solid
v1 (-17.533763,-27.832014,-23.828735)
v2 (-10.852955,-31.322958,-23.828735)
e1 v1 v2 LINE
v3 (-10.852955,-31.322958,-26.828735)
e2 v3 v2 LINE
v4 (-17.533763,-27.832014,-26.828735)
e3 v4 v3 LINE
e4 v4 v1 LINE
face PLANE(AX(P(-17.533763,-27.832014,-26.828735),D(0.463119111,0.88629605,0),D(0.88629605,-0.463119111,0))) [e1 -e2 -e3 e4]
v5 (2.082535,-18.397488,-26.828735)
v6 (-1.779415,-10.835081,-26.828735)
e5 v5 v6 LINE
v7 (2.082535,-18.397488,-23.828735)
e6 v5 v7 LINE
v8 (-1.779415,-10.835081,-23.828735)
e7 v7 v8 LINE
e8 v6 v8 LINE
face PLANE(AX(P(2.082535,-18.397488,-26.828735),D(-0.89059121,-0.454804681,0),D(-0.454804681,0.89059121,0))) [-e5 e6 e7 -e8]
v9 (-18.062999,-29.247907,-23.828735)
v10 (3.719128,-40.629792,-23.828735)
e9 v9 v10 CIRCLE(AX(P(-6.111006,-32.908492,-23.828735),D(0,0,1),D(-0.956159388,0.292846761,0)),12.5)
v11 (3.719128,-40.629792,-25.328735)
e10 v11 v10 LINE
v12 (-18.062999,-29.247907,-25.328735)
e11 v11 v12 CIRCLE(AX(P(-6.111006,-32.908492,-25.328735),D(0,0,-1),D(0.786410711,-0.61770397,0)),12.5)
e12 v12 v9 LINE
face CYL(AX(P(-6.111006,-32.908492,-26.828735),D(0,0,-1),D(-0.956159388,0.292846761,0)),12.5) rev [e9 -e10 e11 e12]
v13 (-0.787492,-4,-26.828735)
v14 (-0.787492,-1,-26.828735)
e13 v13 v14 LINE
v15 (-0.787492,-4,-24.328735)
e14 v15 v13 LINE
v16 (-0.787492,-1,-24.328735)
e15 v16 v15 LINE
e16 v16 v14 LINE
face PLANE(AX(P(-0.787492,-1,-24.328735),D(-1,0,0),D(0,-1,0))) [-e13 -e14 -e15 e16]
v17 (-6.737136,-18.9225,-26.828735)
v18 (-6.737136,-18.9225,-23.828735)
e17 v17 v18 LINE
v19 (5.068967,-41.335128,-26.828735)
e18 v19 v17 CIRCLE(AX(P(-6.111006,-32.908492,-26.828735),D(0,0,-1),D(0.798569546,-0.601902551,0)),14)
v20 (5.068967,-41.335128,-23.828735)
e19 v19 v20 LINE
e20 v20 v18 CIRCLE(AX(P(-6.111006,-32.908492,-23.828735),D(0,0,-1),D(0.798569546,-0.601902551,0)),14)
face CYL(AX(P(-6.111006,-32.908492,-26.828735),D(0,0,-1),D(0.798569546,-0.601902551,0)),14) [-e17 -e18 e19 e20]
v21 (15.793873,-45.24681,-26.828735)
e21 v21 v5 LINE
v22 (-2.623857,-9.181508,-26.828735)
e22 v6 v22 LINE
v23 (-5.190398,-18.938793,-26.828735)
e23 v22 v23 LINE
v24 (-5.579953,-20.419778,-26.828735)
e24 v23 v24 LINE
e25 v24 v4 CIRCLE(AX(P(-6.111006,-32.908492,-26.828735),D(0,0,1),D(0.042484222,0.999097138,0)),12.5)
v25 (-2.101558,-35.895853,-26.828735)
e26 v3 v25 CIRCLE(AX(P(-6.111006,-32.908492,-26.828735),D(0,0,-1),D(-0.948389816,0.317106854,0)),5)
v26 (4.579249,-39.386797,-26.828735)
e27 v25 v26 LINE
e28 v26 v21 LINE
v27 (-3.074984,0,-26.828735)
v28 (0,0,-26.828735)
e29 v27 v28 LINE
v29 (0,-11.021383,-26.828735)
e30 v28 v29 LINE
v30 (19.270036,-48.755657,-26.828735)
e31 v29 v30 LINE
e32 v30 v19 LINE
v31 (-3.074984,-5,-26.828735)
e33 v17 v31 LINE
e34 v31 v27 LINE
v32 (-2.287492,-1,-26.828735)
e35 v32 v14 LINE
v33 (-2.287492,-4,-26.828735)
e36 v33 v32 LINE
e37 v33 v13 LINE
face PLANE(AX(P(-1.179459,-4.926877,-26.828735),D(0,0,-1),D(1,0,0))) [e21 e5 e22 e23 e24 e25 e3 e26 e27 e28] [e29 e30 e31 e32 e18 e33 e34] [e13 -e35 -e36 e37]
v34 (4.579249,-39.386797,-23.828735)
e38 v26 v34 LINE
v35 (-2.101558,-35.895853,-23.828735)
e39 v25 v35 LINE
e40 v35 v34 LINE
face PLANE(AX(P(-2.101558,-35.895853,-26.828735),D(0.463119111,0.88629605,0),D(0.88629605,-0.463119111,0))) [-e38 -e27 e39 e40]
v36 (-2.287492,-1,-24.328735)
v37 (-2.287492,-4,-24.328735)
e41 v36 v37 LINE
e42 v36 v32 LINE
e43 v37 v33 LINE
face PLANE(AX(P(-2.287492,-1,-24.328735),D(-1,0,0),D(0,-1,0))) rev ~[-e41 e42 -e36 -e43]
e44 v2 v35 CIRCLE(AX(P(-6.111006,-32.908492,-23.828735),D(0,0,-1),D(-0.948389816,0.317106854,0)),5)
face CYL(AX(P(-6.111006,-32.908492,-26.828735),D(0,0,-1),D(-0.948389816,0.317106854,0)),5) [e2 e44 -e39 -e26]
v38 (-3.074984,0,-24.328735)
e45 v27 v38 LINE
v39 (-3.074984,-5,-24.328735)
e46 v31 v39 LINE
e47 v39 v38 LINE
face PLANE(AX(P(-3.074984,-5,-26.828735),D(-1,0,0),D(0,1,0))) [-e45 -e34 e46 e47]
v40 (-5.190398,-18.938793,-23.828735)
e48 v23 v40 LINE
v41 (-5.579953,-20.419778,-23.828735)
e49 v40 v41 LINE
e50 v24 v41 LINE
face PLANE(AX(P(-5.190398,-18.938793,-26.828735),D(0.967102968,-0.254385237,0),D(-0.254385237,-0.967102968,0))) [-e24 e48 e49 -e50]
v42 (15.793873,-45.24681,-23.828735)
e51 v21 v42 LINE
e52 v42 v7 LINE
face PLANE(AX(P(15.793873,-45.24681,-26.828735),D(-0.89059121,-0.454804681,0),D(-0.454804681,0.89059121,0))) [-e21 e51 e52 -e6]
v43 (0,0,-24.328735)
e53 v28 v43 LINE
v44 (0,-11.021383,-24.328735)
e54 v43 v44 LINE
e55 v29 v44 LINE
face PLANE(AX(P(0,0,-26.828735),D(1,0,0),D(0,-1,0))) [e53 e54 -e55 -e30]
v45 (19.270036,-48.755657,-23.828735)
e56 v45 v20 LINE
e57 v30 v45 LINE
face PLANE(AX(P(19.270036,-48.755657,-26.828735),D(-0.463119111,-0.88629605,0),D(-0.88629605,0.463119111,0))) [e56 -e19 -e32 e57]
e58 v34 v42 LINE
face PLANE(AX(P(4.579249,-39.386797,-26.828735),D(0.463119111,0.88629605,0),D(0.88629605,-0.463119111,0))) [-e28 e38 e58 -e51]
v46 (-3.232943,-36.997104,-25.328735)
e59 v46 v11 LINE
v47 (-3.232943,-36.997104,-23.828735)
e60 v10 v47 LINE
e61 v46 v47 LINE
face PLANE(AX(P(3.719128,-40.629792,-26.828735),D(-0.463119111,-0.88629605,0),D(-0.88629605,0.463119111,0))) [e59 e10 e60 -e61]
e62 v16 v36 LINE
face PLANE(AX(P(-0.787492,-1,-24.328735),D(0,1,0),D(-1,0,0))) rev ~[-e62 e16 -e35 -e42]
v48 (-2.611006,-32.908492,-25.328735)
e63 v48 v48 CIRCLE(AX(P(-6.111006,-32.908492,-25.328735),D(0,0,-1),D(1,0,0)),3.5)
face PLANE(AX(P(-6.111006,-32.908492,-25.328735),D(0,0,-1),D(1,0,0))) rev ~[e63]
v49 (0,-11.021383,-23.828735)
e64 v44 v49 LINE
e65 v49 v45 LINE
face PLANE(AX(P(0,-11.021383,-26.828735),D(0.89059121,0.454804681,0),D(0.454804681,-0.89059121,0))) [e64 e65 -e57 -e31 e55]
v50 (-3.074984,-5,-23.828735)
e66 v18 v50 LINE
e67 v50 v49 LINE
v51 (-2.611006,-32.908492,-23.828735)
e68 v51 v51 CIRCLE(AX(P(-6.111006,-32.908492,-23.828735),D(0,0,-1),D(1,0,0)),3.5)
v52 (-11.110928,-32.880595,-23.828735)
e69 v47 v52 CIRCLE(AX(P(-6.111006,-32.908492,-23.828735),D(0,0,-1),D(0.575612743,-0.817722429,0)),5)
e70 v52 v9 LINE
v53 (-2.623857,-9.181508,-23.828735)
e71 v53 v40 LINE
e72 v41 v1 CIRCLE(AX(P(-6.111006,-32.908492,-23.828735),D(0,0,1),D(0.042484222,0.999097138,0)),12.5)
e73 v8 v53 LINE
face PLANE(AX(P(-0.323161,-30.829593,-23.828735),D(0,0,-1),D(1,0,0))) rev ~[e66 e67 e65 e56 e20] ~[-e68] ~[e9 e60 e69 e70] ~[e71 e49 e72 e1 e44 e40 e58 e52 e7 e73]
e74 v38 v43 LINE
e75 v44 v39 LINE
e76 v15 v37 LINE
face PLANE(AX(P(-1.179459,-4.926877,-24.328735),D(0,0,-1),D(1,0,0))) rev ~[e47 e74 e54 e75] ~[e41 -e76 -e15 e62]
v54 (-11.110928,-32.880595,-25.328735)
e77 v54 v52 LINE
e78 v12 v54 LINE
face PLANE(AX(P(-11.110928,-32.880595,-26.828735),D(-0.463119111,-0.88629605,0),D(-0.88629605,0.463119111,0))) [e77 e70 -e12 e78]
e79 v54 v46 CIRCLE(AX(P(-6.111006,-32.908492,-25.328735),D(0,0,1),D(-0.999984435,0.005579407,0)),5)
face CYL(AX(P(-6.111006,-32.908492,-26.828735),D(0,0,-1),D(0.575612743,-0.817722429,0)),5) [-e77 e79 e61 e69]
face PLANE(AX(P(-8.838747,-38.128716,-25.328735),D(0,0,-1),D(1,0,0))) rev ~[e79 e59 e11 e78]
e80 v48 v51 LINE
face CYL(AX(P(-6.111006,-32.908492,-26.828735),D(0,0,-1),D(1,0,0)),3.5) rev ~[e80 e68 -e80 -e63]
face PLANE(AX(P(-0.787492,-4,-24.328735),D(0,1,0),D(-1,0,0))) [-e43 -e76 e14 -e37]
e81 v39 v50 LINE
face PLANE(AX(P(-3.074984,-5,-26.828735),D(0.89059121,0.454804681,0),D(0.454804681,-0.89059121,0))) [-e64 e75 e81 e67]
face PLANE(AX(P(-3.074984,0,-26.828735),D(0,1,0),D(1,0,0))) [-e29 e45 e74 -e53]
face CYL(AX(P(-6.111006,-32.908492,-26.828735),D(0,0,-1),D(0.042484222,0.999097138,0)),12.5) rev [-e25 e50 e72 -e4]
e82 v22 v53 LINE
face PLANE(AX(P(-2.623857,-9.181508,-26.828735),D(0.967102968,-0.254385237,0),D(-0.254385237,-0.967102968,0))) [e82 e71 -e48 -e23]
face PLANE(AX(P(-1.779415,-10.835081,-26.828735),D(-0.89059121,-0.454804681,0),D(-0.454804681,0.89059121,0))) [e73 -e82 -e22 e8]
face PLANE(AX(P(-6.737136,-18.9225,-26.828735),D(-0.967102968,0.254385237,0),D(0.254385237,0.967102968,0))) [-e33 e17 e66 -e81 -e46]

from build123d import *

# Parameters (mm, degrees)
F0_R     = 3.5
F1_DEPTH = 3
F2_DEPTH = 1.5
F3_DEPTH = 2.5
F4_W     = 1.5
F4_H     = 3
F5_DEPTH = 25
F6_ANGLE = 90


with BuildPart() as f1:
    # F0 (on Front) → F1 (new body)
    with BuildSketch(Plane.XZ):
        with BuildLine():
            ThreePointArc((5.0689673904, 14.5063923622), (-18.497586517, 12.604527099), (-6.7371360863, -7.9062349594))
            Line((-6.7371360863, -7.9062349594), (-3.0749836005, -21.8287352473))
            Line((-3.0749836005, -21.8287352473), (0, -15.8073518255))
            Line((0, -15.8073518255), (19.2700356521, 21.9269220071))
            Line((19.2700356521, 21.9269220071), (5.0689673904, 14.5063923622))
        make_face()
        with BuildLine():
            ThreePointArc((-5.5799534775, -6.4089575685), (-12.6983133538, -4.5436790019), (-17.5337629503, 1.0032786019))
            Line((-17.5337629503, 1.0032786019), (-10.852955333, 4.494222386))
            ThreePointArc((-10.852955333, 4.494222386), (-3.7954106953, 1.6482764037), (-2.1015582996, 9.067117884))
            Line((-2.1015582996, 9.067117884), (4.5792493177, 12.5580616681))
            Line((4.5792493177, 12.5580616681), (15.7938726924, 18.418074709))
            Line((15.7938726924, 18.418074709), (2.0825346023, -8.431246976))
            Line((2.0825346023, -8.431246976), (-1.7794150282, -15.9936546184))
            Line((-1.7794150282, -15.9936546184), (-2.6238568394, -17.6472269892))
            Line((-2.6238568394, -17.6472269892), (-5.1903976779, -7.8899419766))
            Line((-5.1903976779, -7.8899419766), (-5.5799534775, -6.4089575685))
        make_face(mode=Mode.SUBTRACT)
        with Locations((-6.1110062525, 6.0797566548)):
            Circle(F0_R, mode=Mode.SUBTRACT)
        with BuildLine():
            Line((-11.1109284274, 6.0518596218), (-18.0629985994, 2.4191721469))
            ThreePointArc((-18.0629985994, 2.4191721469), (-11.8999951454, 17.1584572825), (3.7191276324, 13.8010562737))
            Line((3.7191276324, 13.8010562737), (-3.2329425395, 10.1683687988))
            ThreePointArc((-3.2329425395, 10.1683687988), (-8.4266018096, 10.5112369059), (-11.1109284274, 6.0518596218))
        make_face(mode=Mode.SUBTRACT)
    extrude(amount=-F1_DEPTH)

    # F0 (on Front) → F2 (join)
    with BuildSketch(Plane.XZ):
        with BuildLine():
            ThreePointArc((3.7191276324, 13.8010562737), (-11.8999951454, 17.1584572825), (-18.0629985994, 2.4191721469))
            Line((-18.0629985994, 2.4191721469), (-11.1109284274, 6.0518596218))
            ThreePointArc((-11.1109284274, 6.0518596218), (-8.4266018096, 10.5112369059), (-3.2329425395, 10.1683687988))
            Line((-3.2329425395, 10.1683687988), (3.7191276324, 13.8010562737))
        make_face()
        with Locations((-6.1110062525, 6.0797566548)):
            Circle(F0_R)
    extrude(amount=-F2_DEPTH)

    # F0 (on Front) → F3 (join)
    with BuildSketch(Plane.XZ):
        Polygon((0, -15.8073518255), (-3.0749836005, -21.8287352473), (-3.0749836005, -26.8287352473), (0, -26.8287352473), align=None)
    extrude(amount=-F3_DEPTH)

    # F4 (on face) → F5 (cut)
    with BuildSketch(Plane(origin=(0, 2.5, 0), x_dir=(-1, 0, 0), z_dir=(0, 1, 0))):
        with Locations((1.5374918003, -24.3287352473)):
            Rectangle(F4_W, F4_H)
    extrude(amount=-F5_DEPTH, mode=Mode.SUBTRACT)


with BuildPart() as f1_1:
    # F6: moved
    add(f1.part.rotate(Axis((-1.5374918003, 0, -26.8287352473), (1, 0, 0)), F6_ANGLE))


solid = f1_1.part
